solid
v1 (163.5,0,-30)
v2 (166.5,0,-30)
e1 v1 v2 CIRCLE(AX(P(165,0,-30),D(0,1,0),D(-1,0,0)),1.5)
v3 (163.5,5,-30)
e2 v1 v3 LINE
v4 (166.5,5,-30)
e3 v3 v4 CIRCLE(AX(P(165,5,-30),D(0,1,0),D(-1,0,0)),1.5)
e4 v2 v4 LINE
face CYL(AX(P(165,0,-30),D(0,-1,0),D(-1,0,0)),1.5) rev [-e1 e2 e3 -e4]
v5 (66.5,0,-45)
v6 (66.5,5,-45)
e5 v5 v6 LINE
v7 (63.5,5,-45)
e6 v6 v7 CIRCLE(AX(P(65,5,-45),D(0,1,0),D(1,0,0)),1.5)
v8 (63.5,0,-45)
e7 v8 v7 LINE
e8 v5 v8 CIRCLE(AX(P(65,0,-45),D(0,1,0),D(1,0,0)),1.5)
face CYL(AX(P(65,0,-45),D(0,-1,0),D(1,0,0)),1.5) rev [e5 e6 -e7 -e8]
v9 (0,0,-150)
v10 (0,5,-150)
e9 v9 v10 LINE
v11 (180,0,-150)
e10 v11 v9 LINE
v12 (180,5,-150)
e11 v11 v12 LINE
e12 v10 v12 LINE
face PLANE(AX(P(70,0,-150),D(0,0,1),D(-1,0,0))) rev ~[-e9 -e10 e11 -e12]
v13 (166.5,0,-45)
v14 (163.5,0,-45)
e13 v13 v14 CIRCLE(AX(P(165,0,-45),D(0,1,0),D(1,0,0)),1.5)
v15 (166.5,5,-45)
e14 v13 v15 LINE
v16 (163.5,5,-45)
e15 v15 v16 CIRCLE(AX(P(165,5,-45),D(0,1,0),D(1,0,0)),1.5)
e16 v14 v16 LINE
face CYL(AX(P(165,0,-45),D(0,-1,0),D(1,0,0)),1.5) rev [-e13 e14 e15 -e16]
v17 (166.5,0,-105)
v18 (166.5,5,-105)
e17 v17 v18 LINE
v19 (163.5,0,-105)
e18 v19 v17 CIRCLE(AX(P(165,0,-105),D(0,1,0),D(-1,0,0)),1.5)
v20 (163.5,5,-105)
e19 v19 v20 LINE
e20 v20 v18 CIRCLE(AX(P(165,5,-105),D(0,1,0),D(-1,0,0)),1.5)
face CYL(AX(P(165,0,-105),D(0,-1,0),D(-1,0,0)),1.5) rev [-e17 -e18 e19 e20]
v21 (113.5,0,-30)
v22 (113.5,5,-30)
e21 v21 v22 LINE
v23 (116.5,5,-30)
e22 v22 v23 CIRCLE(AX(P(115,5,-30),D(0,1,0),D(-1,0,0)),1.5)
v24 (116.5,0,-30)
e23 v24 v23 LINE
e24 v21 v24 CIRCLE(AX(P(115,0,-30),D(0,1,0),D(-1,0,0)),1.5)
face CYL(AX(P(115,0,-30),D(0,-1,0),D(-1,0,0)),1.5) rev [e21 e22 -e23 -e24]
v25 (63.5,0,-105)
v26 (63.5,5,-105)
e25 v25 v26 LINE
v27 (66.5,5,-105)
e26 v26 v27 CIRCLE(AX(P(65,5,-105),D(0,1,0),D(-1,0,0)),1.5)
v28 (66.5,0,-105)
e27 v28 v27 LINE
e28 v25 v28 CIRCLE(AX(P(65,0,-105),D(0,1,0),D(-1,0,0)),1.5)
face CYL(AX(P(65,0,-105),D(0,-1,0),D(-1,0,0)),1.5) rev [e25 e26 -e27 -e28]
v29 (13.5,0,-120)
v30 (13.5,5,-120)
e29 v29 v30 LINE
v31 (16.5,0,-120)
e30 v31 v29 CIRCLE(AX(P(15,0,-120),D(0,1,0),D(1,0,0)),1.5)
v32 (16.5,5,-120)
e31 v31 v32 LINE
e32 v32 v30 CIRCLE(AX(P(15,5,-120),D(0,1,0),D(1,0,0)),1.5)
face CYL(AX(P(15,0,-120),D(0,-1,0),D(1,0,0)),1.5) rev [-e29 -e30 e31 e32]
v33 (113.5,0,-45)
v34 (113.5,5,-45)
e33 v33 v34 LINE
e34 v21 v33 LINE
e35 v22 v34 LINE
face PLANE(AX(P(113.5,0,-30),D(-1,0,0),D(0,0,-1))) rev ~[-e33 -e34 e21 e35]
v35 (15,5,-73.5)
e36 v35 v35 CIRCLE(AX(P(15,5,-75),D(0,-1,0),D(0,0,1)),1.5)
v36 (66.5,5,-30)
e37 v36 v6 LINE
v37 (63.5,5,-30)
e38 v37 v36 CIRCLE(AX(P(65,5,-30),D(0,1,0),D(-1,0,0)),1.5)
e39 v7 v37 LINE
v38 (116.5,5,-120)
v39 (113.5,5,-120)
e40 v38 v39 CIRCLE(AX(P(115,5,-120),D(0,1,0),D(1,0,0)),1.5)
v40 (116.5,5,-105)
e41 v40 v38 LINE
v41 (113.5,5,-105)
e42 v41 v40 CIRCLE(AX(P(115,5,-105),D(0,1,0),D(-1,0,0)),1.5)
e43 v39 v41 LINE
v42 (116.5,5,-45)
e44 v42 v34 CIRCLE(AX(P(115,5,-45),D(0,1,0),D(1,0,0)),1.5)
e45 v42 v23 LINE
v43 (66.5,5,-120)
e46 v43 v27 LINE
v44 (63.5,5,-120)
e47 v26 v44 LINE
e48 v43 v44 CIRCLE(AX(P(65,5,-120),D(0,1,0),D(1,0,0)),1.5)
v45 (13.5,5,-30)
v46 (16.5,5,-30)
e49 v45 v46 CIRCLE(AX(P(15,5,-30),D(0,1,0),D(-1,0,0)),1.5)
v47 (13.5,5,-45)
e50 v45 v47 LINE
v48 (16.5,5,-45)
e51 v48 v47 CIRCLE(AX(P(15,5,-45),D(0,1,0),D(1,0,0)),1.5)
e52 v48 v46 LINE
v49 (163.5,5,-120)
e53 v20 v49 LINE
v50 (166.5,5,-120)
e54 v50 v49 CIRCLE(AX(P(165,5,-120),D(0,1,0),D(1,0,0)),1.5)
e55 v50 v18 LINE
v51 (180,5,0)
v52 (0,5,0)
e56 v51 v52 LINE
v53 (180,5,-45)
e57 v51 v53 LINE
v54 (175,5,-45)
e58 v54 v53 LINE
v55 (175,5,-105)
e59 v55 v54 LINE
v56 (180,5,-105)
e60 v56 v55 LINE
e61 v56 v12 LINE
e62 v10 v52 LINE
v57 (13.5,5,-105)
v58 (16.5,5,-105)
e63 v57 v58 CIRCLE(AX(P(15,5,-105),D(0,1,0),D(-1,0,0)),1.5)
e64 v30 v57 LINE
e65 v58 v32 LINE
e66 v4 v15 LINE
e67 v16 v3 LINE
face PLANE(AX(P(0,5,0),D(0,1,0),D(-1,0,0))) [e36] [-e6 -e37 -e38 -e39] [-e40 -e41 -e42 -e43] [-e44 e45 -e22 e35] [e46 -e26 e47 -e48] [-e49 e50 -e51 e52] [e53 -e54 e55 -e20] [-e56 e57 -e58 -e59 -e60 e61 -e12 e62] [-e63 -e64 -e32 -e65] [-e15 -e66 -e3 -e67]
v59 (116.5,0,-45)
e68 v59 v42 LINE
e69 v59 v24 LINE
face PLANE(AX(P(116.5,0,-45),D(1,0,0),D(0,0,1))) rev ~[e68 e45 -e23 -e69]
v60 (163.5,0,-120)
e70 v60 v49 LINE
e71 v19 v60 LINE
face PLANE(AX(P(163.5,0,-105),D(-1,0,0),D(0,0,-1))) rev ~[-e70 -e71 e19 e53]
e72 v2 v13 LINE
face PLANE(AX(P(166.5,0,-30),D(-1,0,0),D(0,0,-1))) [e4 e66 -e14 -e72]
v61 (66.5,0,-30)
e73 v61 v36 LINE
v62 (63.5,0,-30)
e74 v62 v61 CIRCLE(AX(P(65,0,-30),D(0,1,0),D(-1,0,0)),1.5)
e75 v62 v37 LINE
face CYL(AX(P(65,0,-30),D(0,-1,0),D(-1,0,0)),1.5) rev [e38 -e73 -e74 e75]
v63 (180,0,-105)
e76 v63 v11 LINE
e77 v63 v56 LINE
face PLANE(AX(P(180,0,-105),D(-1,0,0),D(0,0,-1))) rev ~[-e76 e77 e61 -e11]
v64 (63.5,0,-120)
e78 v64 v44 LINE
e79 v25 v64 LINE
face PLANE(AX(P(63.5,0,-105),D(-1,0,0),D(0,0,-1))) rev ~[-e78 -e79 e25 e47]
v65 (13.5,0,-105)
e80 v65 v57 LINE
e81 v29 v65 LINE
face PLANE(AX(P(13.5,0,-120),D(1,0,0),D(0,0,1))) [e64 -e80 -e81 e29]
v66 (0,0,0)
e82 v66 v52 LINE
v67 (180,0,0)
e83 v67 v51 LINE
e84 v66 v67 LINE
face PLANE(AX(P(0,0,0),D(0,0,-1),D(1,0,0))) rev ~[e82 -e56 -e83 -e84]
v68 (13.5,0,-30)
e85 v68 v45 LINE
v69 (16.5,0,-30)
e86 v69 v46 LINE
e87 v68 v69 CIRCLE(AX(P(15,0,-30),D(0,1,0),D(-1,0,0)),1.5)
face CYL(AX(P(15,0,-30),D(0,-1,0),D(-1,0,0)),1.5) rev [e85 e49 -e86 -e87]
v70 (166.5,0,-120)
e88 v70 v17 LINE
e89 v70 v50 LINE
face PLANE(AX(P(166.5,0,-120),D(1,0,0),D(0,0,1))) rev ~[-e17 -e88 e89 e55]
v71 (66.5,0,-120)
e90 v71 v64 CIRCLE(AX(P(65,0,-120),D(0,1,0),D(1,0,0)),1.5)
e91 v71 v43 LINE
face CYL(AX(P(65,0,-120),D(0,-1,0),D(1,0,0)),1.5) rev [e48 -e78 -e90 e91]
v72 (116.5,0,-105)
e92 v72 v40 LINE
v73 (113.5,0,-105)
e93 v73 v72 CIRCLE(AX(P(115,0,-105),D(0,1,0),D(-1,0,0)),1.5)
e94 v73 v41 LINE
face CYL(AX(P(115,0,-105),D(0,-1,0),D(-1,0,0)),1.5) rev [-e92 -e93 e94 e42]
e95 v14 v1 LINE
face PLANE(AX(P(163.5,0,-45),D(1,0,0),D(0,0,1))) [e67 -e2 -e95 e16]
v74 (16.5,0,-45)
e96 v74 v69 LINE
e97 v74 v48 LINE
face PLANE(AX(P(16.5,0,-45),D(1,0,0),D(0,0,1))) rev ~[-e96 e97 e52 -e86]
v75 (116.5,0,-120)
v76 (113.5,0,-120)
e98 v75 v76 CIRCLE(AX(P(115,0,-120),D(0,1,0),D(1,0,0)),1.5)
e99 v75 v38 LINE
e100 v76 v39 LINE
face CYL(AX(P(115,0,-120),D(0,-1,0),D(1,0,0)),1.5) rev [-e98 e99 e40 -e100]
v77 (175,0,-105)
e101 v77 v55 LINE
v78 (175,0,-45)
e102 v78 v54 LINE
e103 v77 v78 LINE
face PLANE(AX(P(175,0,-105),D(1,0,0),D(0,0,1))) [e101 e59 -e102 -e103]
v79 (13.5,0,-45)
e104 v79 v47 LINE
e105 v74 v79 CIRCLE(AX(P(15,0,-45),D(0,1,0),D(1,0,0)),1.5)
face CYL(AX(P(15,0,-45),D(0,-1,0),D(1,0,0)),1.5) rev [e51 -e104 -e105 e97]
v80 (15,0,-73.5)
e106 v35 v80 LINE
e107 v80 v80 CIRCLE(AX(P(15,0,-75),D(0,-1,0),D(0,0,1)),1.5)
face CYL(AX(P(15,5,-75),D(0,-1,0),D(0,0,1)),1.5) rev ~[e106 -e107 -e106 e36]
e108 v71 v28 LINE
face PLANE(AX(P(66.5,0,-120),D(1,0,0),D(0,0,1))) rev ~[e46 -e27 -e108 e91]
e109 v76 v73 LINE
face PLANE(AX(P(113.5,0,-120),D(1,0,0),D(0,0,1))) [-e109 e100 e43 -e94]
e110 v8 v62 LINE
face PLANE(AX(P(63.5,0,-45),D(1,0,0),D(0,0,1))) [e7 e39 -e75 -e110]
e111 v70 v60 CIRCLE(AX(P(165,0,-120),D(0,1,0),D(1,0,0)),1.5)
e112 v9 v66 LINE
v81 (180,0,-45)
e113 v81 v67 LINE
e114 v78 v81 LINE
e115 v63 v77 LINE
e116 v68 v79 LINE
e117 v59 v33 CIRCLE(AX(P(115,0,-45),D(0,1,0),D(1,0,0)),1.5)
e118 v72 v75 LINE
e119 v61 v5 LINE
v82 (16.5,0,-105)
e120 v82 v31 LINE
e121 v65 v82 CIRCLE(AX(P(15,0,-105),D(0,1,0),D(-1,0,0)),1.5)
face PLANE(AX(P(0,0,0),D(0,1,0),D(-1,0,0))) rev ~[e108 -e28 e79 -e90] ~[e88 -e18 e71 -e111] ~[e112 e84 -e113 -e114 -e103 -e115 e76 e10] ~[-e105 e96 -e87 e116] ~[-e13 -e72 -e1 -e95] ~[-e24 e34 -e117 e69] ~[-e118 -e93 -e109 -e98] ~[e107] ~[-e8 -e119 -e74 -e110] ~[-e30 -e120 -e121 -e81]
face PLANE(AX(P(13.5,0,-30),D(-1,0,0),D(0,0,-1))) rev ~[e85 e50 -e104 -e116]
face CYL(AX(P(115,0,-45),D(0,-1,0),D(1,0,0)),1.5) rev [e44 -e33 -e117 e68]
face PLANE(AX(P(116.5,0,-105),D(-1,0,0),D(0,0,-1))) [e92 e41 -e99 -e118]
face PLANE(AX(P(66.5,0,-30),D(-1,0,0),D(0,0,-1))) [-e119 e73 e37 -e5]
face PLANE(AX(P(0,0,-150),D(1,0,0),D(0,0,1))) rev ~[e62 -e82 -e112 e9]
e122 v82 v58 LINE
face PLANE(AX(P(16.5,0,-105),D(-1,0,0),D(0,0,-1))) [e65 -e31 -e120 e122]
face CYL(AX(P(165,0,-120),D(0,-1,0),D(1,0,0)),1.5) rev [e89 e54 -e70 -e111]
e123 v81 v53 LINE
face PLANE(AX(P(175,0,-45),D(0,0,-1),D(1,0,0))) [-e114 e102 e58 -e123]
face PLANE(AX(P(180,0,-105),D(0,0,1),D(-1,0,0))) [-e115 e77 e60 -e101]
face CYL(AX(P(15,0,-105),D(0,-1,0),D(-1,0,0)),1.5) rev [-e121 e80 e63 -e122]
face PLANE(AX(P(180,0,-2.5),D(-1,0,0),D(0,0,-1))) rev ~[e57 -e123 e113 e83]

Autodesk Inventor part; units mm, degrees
ref_plane "YZ Plane" through (0, 0, 0) normal (1, 0, 0) x (0, 1, 0)
ref_plane "XZ Plane" through (0, 0, 0) normal (0, 1, 0) x (-1, 0, 0)
ref_plane "XY Plane" through (0, 0, 0) normal (0, 0, 1) x (1, 0, 0)
sketch "Sketch1" plane through (0, 0, 0) normal (0, 1, 0) x (-1, 0, 0)
  line L0 (0, 0) -> (-180, 0)
  line L1 (-180, 0) -> (-180, -150)
  line L2 (-180, -150) -> (0, -150)
  line L3 (105, -75) -> (-180, -75) construction
  line L4 (-90, 0) -> (-90, -150) construction
  line L5 (-40, 0) -> (-40, -150) construction
  line L6 (-103, 0) -> (-103, -150) construction
  line L7 (-15, -120) -> (-15, -105) construction
  line L8 (-15, -120) -> (-15, -105) construction
  line L9 (-13.5, -120) -> (-13.5, -105)
  line L10 (-16.5, -105) -> (-16.5, -120)
  arc A0 (-16.5, -120) -> (-13.5, -120) centre (-15, -120) ccw
  arc A1 (-13.5, -105) -> (-16.5, -105) centre (-15, -105) ccw
  line L11 (-65, -120) -> (-65, -105) construction
  line L12 (-65, -120) -> (-65, -105) construction
  line L13 (-66.5, -120) -> (-66.5, -105)
  line L14 (-63.5, -105) -> (-63.5, -120)
  arc A2 (-66.5, -120) -> (-63.5, -120) centre (-65, -120) ccw
  arc A3 (-63.5, -105) -> (-66.5, -105) centre (-65, -105) ccw
  line L15 (-110, -150) -> (-70, -150)
  line L16 (-70, -150) -> (-70, -145)
  line L17 (-70, -145) -> (-110, -145)
  line L18 (-110, -145) -> (-110, -150)
  line L19 (-165, -120) -> (-165, -105) construction
  line L20 (-165, -120) -> (-165, -105) construction
  line L21 (-166.5, -120) -> (-166.5, -105)
  line L22 (-163.5, -105) -> (-163.5, -120)
  arc A4 (-166.5, -120) -> (-163.5, -120) centre (-165, -120) ccw
  arc A5 (-163.5, -105) -> (-166.5, -105) centre (-165, -105) ccw
  line L23 (-116.5, -105) -> (-116.5, -120)
  line L24 (-115, -120) -> (-115, -105) construction
  line L25 (-113.5, -120) -> (-113.5, -105)
  arc A6 (-116.5, -120) -> (-113.5, -120) centre (-115, -120) ccw
  line L26 (-115, -120) -> (-115, -105) construction
  arc A7 (-113.5, -105) -> (-116.5, -105) centre (-115, -105) ccw
  line L27 (-90, -150) -> (-90, 0) construction
  line L28 (-15, -30) -> (-15, -45) construction
  line L29 (-15, -30) -> (-15, -45) construction
  line L30 (-13.5, -30) -> (-13.5, -45)
  line L31 (-16.5, -45) -> (-16.5, -30)
  arc A8 (-13.5, -30) -> (-16.5, -30) centre (-15, -30) ccw
  arc A9 (-16.5, -45) -> (-13.5, -45) centre (-15, -45) ccw
  line L32 (-63.5, -45) -> (-63.5, -30)
  line L33 (-65, -30) -> (-65, -45) construction
  line L34 (-66.5, -30) -> (-66.5, -45)
  arc A10 (-63.5, -30) -> (-66.5, -30) centre (-65, -30) ccw
  line L35 (-65, -30) -> (-65, -45) construction
  arc A11 (-66.5, -45) -> (-63.5, -45) centre (-65, -45) ccw
  line L36 (-110, 0) -> (-70, 0)
  line L37 (-70, 0) -> (-70, -5)
  line L38 (-70, -5) -> (-110, -5)
  line L39 (-110, -5) -> (-110, 0)
  arc A12 (-163.5, -30) -> (-166.5, -30) centre (-165, -30) ccw
  line L40 (-163.5, -45) -> (-163.5, -30)
  line L41 (-165, -30) -> (-165, -45) construction
  line L42 (-165, -30) -> (-165, -45) construction
  arc A13 (-166.5, -45) -> (-163.5, -45) centre (-165, -45) ccw
  line L43 (-166.5, -30) -> (-166.5, -45)
  line L44 (-116.5, -45) -> (-116.5, -30)
  line L45 (-115, -30) -> (-115, -45) construction
  line L46 (-115, -30) -> (-115, -45) construction
  arc A14 (-116.5, -45) -> (-113.5, -45) centre (-115, -45) ccw
  line L47 (-113.5, -30) -> (-113.5, -45)
  arc A15 (-113.5, -30) -> (-116.5, -30) centre (-115, -30) ccw
  line L48 (-180, -2.5) -> (-180, -52.5)
  line L49 (-180, -52.5) -> (-180, -105)
  line L50 (-180, -105) -> (-175, -105)
  line L51 (-175, -105) -> (-175, -45)
  line L52 (-175, -45) -> (-180, -45)
  line L53 (-180, -45) -> (-180, -2.5)
  line L54 (0, -150) -> (0, 0)
  point P0 (-15, -112.5)
  point P1 (-65, -112.5)
  point P2 (-165, -112.5)
  point P3 (-115, -112.5)
  point P4 (-15, -37.5)
  point P5 (-65, -37.5)
  point P6 (-165, -37.5)
  point P7 (-115, -37.5)
  point P8 (-65, -112.5)
  point P9 (-15, -112.5)
  point P10 (-180, -45)
  point P11 (-110, -150)
  point P12 (-70, -150)
  point P13 (-70, 0)
  point P14 (-110, 0)
  point P15 (-165, -112.5)
  dimension "d2" = 15
  dimension "d4" = 30
  dimension "d6" = 1.5
  dimension "d9" = 40
  dimension "d13" = 0
  dimension "d14" = 5
  dimension "d16" = 20
  dimension "d22" = 5
  dimension "d26" = 30
  dimension "d27" = 30
  dimension "d28" = 0
  dimension "d30" = 150
  dimension "d32" = 50
  dimension "d56" = 15
  dimension "d57" = 180
extrude "Extrusion1" add sketch "Sketch1" along normal blind 5 contours L54 L2 L16 L17 L18 L1 L50 L51 L52 L0 L39 L38 L37 | L37 L38 L39 L0 | L2 L18 L17 L16
sketch "Sketch4" plane through (0, 5, 0) normal (0, 1, 0) x (1, 0, 0)
  line L0 (0, 0) -> (180, 0) projected
  line L1 (0, 150) -> (0, 0) projected
  point P0 (15, 75)
  dimension "d76" = 75
  dimension "d77" = 15
hole "Hole3" at (15, 5, -75) direction (0, -1, 0) diameter 3 end through all
properties part number "base_2"
